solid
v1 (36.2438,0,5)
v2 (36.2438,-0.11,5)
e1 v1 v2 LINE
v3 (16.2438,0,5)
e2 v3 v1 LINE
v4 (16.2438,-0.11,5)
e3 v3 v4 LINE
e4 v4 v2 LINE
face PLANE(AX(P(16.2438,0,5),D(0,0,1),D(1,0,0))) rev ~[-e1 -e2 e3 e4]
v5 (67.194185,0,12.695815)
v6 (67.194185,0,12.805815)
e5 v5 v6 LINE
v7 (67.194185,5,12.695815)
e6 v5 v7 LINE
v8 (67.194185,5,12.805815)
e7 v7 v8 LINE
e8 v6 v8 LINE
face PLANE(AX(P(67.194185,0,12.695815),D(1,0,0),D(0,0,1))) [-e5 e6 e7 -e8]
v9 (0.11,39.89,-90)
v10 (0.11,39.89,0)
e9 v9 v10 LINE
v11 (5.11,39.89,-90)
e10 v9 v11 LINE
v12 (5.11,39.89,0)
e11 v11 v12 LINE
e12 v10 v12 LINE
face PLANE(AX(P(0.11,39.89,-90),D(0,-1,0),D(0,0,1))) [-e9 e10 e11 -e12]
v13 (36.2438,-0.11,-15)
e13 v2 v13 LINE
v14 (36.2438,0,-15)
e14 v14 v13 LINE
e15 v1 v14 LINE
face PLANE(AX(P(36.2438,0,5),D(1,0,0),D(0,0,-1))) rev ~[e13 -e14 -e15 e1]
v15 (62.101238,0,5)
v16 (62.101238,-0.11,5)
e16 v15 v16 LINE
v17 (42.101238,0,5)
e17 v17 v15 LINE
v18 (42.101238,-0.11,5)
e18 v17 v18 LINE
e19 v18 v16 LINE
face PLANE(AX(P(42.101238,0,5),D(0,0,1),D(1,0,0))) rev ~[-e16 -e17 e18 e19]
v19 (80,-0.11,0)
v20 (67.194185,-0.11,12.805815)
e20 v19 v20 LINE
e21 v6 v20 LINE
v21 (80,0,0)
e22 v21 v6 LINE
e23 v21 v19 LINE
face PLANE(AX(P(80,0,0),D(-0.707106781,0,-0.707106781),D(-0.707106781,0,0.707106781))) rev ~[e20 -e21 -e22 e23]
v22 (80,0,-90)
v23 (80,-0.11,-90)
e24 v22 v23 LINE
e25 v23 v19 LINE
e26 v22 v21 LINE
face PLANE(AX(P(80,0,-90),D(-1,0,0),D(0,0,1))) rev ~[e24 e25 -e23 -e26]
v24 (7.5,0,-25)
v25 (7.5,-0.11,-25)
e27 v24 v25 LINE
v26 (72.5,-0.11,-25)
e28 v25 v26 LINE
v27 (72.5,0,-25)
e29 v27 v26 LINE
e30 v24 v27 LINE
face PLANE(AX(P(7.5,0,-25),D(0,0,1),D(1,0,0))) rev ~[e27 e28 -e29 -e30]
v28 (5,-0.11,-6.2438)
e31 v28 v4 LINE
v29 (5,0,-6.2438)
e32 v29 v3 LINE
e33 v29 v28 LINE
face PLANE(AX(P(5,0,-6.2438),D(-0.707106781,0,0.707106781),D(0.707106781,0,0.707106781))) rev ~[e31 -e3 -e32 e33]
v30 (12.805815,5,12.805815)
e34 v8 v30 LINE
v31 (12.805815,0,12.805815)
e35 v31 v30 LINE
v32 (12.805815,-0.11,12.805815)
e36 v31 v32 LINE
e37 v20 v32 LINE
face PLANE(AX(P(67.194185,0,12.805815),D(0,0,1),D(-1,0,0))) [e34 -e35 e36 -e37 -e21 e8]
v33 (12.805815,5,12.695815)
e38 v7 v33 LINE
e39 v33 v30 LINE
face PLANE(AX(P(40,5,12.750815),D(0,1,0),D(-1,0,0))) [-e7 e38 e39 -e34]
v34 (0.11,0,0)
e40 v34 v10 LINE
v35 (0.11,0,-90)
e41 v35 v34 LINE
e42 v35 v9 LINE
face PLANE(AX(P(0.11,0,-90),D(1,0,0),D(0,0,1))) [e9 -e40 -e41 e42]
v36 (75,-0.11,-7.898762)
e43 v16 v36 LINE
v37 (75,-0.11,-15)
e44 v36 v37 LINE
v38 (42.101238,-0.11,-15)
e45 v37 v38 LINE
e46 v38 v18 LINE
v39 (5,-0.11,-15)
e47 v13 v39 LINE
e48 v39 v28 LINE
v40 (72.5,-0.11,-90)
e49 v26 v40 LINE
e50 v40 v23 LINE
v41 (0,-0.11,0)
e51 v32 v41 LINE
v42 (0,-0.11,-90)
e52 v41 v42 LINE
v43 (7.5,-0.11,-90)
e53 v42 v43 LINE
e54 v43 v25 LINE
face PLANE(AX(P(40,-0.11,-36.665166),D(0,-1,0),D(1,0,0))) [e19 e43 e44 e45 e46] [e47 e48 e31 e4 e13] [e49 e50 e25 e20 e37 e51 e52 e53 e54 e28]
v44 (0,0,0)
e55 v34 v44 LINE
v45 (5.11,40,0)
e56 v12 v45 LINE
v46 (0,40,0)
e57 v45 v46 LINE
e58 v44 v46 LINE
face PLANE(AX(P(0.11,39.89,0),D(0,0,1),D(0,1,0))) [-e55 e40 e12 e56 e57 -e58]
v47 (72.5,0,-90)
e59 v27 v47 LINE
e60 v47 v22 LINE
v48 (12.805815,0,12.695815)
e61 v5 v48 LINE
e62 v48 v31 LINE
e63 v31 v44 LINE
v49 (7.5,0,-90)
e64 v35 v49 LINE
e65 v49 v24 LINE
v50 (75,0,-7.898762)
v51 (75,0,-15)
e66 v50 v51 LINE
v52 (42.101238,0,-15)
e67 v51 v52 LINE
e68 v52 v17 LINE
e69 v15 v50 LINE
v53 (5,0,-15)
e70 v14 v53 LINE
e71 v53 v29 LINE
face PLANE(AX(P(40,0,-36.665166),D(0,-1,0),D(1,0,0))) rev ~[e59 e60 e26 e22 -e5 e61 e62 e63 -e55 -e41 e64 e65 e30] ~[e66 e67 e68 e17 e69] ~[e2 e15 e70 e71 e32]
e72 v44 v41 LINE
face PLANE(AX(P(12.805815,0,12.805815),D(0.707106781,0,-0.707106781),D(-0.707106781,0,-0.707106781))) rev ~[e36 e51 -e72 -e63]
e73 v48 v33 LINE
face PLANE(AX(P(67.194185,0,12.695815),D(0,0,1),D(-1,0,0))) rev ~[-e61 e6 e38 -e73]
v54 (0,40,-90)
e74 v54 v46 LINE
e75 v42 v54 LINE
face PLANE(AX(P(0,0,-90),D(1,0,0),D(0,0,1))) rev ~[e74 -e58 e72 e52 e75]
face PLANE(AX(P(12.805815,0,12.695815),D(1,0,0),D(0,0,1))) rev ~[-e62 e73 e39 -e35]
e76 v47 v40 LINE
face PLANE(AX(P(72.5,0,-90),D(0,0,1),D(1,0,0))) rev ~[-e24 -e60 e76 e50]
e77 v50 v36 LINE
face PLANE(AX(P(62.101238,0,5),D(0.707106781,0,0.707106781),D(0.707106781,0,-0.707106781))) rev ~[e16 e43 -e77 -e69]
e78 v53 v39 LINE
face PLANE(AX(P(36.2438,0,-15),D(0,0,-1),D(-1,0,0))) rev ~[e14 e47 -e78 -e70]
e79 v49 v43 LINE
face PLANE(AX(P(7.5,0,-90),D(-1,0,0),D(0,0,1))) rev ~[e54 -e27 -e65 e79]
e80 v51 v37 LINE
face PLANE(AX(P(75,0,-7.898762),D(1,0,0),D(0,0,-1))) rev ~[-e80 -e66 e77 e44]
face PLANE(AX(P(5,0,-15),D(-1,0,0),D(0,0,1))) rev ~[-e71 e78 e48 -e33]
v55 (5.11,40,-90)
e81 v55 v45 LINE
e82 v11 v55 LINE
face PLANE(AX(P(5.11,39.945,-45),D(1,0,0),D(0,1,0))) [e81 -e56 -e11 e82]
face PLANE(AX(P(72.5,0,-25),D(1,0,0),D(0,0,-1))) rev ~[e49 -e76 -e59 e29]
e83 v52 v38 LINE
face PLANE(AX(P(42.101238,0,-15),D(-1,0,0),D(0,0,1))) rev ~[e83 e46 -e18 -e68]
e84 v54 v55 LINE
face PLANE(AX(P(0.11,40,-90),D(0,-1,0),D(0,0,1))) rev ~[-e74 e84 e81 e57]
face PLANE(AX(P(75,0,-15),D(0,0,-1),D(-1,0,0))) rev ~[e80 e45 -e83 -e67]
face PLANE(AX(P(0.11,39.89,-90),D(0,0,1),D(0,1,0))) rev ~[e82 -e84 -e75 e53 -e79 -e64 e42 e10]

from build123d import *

# Parameters (mm, degrees)
F1_DEPTH = 0.11
F2_W     = 0.11
F2_H     = 90
F3_DEPTH = 40
F4_W     = 0.11
F4_H     = 90
F5_DEPTH = 5
F6_W     = 54.38837
F6_H     = 0.11
F7_DEPTH = 5


with BuildPart() as f1:
    # F0 (on Front) → F1 (new body)
    with BuildSketch(Plane.XZ):
        Polygon((12.805815, 12.805815), (0, 0), (0, -90), (7.5, -90), (7.5, -25), (72.5, -25), (72.5, -90), (80, -90), (80, 0), (67.194185, 12.805815), align=None)
        Polygon((16.2438, 5), (36.2438, 5), (36.2438, -15), (5, -15), (5, -6.2438), align=None, mode=Mode.SUBTRACT)
        Polygon((42.101238, -15), (42.101238, 5), (62.101238, 5), (75, -7.898762), (75, -15), align=None, mode=Mode.SUBTRACT)
    extrude(amount=F1_DEPTH)

    # F2 (on face) → F3 (join)
    with BuildSketch(Plane(origin=(0, 0, 0), x_dir=(-1, 0, 0), z_dir=(0, 1, 0))):
        with Locations((-0.055, -45)):
            Rectangle(F2_W, F2_H)
    extrude(amount=F3_DEPTH)

    # F4 (on face) → F5 (join)
    with BuildSketch(Plane.YZ.offset(0.11)):
        with Locations((39.945, -45)):
            Rectangle(F4_W, F4_H)
    extrude(amount=F5_DEPTH)

    # F6 (on face) → F7 (join)
    with BuildSketch(Plane(origin=(0, 0, 0), x_dir=(-1, 0, 0), z_dir=(0, 1, 0))):
        with Locations((-40, 12.750815)):
            Rectangle(F6_W, F6_H)
    extrude(amount=F7_DEPTH)


solid = f1.part
